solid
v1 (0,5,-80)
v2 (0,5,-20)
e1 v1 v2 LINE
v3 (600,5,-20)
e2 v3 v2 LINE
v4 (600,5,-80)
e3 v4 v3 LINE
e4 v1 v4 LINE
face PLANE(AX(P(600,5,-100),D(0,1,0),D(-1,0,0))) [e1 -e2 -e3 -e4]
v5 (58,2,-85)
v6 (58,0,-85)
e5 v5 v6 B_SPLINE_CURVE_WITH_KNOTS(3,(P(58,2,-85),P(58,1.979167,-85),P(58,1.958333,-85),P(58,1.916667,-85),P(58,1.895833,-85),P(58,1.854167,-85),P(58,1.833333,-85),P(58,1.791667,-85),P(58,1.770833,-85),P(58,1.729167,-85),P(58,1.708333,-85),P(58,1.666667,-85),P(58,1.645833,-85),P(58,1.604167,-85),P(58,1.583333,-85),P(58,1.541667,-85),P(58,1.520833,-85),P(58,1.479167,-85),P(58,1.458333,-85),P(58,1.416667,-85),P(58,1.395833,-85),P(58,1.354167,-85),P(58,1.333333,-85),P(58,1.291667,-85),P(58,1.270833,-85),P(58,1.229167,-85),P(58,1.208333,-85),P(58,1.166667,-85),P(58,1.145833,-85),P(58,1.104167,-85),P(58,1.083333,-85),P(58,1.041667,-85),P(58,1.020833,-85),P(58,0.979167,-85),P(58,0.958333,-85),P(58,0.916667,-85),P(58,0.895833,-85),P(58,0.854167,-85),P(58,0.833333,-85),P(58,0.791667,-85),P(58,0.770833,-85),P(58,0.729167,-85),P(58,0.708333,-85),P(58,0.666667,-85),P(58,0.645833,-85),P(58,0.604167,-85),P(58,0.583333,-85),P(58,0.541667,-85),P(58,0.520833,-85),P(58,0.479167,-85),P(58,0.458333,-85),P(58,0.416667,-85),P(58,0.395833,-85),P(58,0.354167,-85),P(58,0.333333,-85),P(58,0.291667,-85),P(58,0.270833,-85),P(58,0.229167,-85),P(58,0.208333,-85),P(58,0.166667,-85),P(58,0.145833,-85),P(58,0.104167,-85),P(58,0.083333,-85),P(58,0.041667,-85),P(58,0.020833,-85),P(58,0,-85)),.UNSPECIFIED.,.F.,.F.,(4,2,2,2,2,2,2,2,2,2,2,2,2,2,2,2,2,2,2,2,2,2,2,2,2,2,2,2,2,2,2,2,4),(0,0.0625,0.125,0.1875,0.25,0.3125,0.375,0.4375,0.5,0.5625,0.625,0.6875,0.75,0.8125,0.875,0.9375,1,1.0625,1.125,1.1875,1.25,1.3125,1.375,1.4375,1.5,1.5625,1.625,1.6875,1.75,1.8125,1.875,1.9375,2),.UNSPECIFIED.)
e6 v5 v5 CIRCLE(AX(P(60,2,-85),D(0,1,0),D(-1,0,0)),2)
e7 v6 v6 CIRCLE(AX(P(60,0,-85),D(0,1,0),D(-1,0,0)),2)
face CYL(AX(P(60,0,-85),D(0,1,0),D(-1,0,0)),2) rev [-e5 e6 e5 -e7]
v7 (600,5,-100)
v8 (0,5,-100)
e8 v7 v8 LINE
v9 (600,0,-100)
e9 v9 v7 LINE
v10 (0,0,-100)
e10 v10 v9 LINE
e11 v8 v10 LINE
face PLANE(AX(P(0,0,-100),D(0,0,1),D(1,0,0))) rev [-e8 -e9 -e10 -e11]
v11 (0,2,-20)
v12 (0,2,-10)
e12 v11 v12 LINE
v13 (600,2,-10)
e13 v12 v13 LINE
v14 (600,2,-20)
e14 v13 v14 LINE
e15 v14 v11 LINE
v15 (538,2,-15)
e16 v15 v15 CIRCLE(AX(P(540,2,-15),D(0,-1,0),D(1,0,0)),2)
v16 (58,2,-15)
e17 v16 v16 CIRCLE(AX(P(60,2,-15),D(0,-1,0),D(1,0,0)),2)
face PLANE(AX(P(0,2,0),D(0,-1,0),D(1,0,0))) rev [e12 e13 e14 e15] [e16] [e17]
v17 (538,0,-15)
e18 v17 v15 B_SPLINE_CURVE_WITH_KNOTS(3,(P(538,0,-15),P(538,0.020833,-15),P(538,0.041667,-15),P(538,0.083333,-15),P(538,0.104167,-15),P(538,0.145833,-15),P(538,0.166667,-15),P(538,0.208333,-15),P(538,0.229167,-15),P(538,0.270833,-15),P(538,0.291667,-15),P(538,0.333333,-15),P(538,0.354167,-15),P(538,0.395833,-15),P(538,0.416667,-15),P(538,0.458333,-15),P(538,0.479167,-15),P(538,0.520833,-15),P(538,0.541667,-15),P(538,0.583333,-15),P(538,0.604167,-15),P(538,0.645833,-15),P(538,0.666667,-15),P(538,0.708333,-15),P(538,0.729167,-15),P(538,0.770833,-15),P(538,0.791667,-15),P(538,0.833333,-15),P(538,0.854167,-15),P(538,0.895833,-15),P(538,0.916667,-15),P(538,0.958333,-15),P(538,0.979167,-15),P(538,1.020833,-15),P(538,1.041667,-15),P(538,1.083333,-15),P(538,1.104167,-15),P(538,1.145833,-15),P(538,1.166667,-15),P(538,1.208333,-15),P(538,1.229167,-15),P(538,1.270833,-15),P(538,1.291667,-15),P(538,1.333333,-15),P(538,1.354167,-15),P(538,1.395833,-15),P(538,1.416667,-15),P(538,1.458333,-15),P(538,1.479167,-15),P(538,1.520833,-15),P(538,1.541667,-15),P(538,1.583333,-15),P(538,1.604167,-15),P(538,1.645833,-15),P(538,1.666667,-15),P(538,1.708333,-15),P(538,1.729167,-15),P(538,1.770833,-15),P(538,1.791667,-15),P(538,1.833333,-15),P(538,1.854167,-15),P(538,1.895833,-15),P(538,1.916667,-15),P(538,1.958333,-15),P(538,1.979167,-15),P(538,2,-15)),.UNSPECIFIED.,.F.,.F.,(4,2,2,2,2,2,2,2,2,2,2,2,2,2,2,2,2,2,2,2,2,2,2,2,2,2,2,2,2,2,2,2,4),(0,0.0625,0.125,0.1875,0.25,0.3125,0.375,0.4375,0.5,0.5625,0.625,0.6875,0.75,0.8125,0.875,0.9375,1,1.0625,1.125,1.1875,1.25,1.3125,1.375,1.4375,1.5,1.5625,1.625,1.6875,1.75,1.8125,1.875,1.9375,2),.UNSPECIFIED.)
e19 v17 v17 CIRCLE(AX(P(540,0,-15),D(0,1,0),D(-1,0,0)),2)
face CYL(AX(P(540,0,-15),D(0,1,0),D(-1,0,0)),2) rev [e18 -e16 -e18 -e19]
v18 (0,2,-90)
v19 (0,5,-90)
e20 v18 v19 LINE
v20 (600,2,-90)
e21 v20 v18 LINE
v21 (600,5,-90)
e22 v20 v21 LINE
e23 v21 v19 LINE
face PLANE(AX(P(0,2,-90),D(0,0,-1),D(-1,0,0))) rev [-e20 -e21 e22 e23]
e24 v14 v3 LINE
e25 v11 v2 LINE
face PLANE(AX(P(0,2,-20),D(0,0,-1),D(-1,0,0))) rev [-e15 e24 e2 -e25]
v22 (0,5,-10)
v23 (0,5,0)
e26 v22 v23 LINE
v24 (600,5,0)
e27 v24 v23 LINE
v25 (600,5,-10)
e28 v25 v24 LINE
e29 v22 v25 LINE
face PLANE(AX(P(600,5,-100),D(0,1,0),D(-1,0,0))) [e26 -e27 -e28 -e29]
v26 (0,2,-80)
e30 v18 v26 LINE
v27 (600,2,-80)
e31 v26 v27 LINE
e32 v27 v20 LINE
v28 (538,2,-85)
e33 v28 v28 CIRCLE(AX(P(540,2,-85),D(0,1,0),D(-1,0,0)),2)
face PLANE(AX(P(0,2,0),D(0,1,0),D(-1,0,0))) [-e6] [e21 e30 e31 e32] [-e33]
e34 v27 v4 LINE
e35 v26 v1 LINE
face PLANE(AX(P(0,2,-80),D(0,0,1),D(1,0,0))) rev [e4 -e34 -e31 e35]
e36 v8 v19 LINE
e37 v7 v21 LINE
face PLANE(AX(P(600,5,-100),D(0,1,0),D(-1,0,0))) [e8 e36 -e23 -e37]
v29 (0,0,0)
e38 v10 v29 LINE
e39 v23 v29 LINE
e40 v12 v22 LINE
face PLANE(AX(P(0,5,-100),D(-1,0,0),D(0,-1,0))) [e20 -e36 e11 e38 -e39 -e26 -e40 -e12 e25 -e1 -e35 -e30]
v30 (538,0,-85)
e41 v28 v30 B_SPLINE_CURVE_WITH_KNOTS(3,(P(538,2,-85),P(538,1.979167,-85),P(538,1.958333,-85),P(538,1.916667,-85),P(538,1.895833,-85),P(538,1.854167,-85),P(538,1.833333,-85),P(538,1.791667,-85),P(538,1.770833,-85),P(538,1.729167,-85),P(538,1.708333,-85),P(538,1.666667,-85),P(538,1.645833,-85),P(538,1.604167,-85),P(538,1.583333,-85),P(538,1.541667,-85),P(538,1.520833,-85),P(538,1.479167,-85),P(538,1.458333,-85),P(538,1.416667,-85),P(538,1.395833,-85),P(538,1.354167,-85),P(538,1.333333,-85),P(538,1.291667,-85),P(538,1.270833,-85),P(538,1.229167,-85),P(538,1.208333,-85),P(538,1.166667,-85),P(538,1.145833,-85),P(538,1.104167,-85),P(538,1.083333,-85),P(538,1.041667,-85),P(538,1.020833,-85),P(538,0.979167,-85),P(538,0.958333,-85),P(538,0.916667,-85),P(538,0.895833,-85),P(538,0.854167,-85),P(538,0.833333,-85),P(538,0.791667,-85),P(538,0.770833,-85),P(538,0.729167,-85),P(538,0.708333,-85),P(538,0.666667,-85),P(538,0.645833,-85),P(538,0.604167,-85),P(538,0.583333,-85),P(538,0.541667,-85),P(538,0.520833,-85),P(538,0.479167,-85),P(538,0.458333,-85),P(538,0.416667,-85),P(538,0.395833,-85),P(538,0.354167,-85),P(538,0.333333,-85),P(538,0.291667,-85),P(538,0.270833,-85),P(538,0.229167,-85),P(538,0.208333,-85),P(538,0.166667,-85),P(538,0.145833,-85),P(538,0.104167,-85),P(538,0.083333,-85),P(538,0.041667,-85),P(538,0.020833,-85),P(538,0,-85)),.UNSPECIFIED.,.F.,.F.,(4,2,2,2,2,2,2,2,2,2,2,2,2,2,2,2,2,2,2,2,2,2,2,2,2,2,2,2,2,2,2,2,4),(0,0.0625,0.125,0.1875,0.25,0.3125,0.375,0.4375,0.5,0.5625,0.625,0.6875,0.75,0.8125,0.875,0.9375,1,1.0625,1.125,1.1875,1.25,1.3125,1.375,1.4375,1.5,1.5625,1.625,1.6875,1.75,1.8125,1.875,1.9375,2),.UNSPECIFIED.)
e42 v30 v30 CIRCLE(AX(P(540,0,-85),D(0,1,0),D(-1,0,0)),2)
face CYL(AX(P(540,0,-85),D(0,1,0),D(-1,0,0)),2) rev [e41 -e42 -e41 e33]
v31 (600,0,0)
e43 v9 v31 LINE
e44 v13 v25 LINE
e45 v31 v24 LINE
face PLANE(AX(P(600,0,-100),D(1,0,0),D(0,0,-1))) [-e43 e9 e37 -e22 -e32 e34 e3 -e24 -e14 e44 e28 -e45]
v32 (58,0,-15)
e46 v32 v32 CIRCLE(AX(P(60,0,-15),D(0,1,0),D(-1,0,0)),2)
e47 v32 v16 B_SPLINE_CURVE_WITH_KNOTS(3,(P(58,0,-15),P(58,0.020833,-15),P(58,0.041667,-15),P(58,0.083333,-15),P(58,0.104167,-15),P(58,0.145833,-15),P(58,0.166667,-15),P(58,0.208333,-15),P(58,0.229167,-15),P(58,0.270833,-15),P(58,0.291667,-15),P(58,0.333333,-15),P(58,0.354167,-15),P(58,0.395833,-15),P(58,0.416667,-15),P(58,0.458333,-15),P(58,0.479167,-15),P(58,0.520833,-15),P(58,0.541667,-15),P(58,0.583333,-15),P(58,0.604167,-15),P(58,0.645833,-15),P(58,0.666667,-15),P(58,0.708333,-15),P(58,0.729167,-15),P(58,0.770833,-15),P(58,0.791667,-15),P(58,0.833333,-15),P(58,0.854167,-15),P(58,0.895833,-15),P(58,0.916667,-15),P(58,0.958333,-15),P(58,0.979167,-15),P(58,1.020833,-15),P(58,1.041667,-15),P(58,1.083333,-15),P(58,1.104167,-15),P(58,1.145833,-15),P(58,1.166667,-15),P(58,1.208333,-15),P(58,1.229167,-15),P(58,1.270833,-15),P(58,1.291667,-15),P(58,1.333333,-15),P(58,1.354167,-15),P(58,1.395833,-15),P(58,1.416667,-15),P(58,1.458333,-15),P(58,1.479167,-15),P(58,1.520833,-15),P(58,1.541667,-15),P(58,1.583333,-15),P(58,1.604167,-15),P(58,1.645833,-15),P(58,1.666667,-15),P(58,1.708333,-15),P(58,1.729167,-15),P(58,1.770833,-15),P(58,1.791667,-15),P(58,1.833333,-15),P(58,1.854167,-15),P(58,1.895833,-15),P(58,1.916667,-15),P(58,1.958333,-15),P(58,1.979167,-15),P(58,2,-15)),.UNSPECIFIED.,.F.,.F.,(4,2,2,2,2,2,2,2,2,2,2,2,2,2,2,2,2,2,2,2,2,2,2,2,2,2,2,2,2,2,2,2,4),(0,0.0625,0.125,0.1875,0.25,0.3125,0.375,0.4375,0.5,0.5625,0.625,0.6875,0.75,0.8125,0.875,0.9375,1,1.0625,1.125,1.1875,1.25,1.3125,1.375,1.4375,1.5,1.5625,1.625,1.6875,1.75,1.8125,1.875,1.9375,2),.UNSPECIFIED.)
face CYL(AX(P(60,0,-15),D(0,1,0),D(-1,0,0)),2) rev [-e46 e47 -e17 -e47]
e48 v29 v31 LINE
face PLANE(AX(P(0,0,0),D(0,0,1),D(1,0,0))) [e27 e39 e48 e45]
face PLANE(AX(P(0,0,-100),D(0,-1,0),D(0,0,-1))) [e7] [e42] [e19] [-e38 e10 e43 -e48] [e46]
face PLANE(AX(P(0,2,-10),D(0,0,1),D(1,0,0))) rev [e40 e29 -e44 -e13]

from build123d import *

# Parameters (mm, degrees)
SKETCH1_W           = 600
SKETCH1_H           = 5
BOSS_EXTRUDE1_DEPTH = 100
SKETCH5_W           = 600
SKETCH5_H           = 10
CUT_EXTRUDE1_DEPTH  = 3
SKETCH6_R           = 2
CUT_EXTRUDE2_DEPTH  = 609.296802556


with BuildPart() as part:
    # Sketch1 → Boss-Extrude1 (new body)
    with BuildSketch(Plane.XY):
        with Locations((300, 2.5)):
            Rectangle(SKETCH1_W, SKETCH1_H)
    extrude(amount=-BOSS_EXTRUDE1_DEPTH)

    # Sketch5 → Cut-Extrude1 (cut)
    with BuildSketch(Plane(origin=(0, 5, 0), x_dir=(1, 0, 0), z_dir=(0, 1, 0))):
        with Locations((300, 85)):
            Rectangle(SKETCH5_W, SKETCH5_H)
        with Locations((300, 15)):
            Rectangle(SKETCH5_W, SKETCH5_H)
    extrude(amount=-CUT_EXTRUDE1_DEPTH, mode=Mode.SUBTRACT)

    # Sketch6 → Cut-Extrude2 (cut, through all)
    with BuildSketch(Plane(origin=(0, 5, 0), x_dir=(1, 0, 0), z_dir=(0, 1, 0))):
        with Locations(Location((60, 85, 0), (0, 0, 180))):
            Circle(SKETCH6_R)
        with Locations(Location((60, 15, 0), (0, 0, 180))):
            Circle(SKETCH6_R)
        with Locations(Location((540, 85, 0), (0, 0, 180))):
            Circle(SKETCH6_R)
        with Locations(Location((540, 15, 0), (0, 0, 180))):
            Circle(SKETCH6_R)
    extrude(amount=-CUT_EXTRUDE2_DEPTH, mode=Mode.SUBTRACT)


solid = part.part
